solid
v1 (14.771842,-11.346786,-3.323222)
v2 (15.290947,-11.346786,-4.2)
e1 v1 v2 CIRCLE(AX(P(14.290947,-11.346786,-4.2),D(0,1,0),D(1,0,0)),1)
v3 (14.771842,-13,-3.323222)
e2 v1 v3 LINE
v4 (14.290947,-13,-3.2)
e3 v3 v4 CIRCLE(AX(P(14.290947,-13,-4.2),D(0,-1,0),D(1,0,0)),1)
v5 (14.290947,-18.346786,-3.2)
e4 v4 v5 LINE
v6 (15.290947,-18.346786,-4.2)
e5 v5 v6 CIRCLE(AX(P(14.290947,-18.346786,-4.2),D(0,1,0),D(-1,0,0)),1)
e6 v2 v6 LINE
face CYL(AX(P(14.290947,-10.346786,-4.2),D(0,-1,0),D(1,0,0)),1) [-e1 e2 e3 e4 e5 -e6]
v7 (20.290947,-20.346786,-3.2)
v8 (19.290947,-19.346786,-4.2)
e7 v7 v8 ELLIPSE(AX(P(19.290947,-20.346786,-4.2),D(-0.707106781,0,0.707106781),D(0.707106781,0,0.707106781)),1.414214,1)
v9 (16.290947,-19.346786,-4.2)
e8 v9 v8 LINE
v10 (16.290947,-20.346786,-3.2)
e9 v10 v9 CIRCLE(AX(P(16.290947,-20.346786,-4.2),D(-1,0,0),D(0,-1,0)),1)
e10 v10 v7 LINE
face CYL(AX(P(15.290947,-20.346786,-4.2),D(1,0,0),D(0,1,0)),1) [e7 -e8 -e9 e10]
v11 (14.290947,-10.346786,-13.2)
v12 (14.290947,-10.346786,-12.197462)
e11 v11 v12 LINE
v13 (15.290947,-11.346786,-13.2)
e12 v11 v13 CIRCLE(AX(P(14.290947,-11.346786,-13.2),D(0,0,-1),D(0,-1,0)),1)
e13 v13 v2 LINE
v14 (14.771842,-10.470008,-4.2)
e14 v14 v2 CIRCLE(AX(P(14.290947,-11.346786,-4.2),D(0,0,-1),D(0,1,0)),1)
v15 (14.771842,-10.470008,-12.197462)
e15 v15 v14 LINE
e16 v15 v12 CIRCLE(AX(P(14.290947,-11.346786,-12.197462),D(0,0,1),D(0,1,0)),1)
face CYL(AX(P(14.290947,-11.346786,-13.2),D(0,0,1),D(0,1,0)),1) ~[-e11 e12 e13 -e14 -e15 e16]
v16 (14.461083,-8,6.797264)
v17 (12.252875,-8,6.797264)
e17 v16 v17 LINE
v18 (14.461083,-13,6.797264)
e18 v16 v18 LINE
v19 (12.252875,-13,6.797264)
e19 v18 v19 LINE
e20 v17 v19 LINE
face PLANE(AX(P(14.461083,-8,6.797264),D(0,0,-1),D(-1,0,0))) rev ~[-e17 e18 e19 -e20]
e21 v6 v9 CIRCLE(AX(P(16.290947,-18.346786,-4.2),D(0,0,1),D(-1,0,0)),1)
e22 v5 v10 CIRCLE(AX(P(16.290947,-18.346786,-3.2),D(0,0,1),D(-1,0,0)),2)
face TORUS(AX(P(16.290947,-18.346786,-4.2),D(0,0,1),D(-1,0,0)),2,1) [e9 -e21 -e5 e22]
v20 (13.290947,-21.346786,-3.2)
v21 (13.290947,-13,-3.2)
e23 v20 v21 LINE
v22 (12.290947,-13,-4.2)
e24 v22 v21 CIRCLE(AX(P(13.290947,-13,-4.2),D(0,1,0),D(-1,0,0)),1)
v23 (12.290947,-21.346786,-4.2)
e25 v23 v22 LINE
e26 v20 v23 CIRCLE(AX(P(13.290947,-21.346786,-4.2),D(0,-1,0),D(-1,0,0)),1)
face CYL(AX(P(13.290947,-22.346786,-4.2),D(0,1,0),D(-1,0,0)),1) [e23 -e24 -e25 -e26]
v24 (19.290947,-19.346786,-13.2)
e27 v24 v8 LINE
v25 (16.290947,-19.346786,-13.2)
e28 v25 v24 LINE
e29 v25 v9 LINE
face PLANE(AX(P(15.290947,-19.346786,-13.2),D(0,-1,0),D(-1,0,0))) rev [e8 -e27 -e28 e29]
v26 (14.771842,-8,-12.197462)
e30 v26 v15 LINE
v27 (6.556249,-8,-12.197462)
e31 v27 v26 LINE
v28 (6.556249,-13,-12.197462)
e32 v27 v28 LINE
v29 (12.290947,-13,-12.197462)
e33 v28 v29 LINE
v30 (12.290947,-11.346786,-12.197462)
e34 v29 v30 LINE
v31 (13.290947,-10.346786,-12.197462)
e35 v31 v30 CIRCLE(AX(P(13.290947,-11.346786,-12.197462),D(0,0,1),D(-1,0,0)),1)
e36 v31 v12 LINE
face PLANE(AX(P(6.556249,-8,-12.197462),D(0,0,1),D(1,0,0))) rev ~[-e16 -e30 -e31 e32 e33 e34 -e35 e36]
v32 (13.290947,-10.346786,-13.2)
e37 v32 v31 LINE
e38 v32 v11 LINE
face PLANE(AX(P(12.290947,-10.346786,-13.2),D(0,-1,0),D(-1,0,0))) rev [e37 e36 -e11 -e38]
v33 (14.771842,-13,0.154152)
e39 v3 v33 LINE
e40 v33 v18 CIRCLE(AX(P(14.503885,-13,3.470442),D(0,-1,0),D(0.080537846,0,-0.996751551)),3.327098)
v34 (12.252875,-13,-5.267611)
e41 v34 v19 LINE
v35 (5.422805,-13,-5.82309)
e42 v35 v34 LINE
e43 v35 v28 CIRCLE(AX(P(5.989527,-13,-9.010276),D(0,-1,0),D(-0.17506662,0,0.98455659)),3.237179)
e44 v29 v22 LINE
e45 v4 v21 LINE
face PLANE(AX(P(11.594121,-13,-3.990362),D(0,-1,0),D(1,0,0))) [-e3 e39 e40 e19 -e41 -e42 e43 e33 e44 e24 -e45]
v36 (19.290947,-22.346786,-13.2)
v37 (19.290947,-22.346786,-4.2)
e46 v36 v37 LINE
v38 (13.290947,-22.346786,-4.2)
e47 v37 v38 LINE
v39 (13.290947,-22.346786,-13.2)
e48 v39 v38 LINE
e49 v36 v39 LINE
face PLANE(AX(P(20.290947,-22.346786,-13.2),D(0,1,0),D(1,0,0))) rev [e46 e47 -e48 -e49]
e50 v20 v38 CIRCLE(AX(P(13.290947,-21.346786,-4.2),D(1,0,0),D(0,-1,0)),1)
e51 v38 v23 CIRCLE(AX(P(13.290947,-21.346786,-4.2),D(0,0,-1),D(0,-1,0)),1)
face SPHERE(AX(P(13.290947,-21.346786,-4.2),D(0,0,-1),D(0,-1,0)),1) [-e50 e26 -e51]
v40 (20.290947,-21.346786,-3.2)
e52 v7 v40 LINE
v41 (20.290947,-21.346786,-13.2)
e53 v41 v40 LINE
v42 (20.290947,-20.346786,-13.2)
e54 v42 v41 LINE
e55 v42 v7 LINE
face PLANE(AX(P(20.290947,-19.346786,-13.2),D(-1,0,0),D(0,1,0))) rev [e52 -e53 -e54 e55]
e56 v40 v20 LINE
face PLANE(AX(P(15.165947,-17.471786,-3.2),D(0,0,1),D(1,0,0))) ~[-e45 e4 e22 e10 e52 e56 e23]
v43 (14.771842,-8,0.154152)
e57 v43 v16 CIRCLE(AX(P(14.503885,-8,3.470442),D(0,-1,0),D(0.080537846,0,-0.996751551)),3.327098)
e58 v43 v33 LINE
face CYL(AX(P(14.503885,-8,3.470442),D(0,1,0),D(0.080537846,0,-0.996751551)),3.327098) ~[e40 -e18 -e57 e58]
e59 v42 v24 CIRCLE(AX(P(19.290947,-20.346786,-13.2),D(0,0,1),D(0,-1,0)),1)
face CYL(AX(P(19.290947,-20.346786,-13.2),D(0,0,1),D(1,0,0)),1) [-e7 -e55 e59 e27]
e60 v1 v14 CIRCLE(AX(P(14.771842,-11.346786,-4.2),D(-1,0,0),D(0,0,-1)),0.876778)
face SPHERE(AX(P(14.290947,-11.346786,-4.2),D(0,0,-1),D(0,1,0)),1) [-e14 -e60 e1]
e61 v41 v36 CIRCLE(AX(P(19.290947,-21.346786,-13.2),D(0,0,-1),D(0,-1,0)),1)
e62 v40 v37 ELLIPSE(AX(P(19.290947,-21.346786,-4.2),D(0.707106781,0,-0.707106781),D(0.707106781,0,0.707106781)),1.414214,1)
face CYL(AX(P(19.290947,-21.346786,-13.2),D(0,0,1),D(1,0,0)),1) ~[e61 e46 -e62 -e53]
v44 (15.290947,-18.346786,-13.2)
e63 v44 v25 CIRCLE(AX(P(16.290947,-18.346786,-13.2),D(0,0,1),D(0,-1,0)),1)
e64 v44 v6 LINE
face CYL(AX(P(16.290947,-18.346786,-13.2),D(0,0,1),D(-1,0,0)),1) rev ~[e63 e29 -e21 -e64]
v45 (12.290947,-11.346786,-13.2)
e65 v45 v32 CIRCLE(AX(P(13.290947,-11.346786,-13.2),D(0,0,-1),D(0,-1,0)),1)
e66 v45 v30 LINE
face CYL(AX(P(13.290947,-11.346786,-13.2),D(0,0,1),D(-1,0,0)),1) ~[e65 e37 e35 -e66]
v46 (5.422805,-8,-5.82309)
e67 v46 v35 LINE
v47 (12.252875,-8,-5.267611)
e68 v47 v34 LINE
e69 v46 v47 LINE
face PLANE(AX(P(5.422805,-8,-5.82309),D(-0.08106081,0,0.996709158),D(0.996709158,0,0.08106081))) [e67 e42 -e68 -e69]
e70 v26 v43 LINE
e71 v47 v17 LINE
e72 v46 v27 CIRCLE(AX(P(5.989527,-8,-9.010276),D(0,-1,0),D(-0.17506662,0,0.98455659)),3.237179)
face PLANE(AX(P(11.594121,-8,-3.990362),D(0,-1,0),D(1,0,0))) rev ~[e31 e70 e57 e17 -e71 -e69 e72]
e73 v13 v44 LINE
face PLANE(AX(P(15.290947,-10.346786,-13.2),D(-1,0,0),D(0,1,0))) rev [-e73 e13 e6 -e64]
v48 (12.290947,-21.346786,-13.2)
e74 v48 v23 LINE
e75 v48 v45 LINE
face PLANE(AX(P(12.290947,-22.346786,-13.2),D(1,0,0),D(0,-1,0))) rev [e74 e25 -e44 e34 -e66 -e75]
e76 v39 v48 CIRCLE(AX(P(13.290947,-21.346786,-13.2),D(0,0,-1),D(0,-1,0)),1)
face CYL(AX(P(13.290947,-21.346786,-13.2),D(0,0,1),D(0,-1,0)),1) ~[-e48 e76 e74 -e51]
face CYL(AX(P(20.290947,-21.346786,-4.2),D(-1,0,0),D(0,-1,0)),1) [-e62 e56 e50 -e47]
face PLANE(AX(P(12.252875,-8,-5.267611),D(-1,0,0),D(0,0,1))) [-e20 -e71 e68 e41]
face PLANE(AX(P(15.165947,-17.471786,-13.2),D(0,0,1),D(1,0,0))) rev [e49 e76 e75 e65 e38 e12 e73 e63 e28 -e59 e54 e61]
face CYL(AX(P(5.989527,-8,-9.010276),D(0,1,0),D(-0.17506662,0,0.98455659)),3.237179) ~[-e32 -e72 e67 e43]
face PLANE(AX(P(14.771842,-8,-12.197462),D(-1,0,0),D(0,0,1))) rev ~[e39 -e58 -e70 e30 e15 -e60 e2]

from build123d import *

# Parameters (mm, degrees)
EXTRUDE004_DEPTH = 5
EXTRUDE003_DEPTH = 10
FILLET021_R      = 1


with BuildPart() as extrude004:
    # Sketch006 → Extrude004 (new body)
    with BuildSketch(Plane.XZ):
        with BuildLine():
            ThreePointArc((14.771842, 0.154152), (17.827348, 3.62591), (14.461083, 6.797264))
            Line((14.461083, 6.797264), (12.252875, 6.797264))
            Line((12.252875, -5.267611), (12.252875, 6.797264))
            Line((5.422805, -5.82309), (12.252875, -5.267611))
            ThreePointArc((5.422805, -5.82309), (2.802341, -9.576998), (6.556249, -12.197462))
            Line((6.556249, -12.197462), (14.771842, -12.197462))
            Line((14.771842, -12.197462), (14.771842, 0.154152))
        make_face()
    extrude(amount=EXTRUDE004_DEPTH)


with BuildPart() as extrude004_1:
    # Extrude004 placement: moved
    add(extrude004.part.moved(Location((0, -8, 0))))


with BuildPart() as fillet021:
    # Sketch005 → Extrude003 (new body)
    with BuildSketch(Plane.XY):
        Polygon((57.709053, -19.346786), (57.709053, -22.346786), (65.709053, -22.346786), (65.709053, -10.346786), (62.709053, -10.346786), (62.709053, -19.346786), align=None)
    extrude(amount=EXTRUDE003_DEPTH)


with BuildPart() as fillet021_1:
    # Extrude003 placement: moved
    add(fillet021.part.moved(Location((0, 0, -14))))

    # Fillet021
    fillet021_edges = [fillet021_1.edges().sort_by_distance(p)[0] for p in [
        (57.709053, -19.346786, -9),
        (57.709053, -22.346786, -9),
        (65.709053, -22.346786, -9),
        (61.709053, -22.346786, -4),
        (65.709053, -10.346786, -9),
        (65.709053, -16.346786, -4),
        (62.709053, -10.346786, -9),
        (64.209053, -10.346786, -4),
        (62.709053, -19.346786, -9),
        (62.709053, -14.846786, -4),
        (60.209053, -19.346786, -4),
    ]]
    fillet(fillet021_edges, radius=FILLET021_R)


with BuildPart() as fillet021_2:
    # Fillet021 placement: moved
    add(fillet021_1.part.moved(Location((0, 0, 0.4))))


with BuildPart() as c4holds002:
    # Part__Mirroring005: instance of Fillet021
    add(fillet021_2.part.mirror(Plane(origin=(0, 0, 0), x_dir=(0, -1, 0), z_dir=(1, 0, 0))))


with BuildPart() as c4holds002_1:
    # Part__Mirroring005 placement: moved
    add(c4holds002.part.moved(Location((78, 0, 0.4))))

    # Fusion040: union Extrude004
    add(extrude004_1.part)


solid = c4holds002_1.part
